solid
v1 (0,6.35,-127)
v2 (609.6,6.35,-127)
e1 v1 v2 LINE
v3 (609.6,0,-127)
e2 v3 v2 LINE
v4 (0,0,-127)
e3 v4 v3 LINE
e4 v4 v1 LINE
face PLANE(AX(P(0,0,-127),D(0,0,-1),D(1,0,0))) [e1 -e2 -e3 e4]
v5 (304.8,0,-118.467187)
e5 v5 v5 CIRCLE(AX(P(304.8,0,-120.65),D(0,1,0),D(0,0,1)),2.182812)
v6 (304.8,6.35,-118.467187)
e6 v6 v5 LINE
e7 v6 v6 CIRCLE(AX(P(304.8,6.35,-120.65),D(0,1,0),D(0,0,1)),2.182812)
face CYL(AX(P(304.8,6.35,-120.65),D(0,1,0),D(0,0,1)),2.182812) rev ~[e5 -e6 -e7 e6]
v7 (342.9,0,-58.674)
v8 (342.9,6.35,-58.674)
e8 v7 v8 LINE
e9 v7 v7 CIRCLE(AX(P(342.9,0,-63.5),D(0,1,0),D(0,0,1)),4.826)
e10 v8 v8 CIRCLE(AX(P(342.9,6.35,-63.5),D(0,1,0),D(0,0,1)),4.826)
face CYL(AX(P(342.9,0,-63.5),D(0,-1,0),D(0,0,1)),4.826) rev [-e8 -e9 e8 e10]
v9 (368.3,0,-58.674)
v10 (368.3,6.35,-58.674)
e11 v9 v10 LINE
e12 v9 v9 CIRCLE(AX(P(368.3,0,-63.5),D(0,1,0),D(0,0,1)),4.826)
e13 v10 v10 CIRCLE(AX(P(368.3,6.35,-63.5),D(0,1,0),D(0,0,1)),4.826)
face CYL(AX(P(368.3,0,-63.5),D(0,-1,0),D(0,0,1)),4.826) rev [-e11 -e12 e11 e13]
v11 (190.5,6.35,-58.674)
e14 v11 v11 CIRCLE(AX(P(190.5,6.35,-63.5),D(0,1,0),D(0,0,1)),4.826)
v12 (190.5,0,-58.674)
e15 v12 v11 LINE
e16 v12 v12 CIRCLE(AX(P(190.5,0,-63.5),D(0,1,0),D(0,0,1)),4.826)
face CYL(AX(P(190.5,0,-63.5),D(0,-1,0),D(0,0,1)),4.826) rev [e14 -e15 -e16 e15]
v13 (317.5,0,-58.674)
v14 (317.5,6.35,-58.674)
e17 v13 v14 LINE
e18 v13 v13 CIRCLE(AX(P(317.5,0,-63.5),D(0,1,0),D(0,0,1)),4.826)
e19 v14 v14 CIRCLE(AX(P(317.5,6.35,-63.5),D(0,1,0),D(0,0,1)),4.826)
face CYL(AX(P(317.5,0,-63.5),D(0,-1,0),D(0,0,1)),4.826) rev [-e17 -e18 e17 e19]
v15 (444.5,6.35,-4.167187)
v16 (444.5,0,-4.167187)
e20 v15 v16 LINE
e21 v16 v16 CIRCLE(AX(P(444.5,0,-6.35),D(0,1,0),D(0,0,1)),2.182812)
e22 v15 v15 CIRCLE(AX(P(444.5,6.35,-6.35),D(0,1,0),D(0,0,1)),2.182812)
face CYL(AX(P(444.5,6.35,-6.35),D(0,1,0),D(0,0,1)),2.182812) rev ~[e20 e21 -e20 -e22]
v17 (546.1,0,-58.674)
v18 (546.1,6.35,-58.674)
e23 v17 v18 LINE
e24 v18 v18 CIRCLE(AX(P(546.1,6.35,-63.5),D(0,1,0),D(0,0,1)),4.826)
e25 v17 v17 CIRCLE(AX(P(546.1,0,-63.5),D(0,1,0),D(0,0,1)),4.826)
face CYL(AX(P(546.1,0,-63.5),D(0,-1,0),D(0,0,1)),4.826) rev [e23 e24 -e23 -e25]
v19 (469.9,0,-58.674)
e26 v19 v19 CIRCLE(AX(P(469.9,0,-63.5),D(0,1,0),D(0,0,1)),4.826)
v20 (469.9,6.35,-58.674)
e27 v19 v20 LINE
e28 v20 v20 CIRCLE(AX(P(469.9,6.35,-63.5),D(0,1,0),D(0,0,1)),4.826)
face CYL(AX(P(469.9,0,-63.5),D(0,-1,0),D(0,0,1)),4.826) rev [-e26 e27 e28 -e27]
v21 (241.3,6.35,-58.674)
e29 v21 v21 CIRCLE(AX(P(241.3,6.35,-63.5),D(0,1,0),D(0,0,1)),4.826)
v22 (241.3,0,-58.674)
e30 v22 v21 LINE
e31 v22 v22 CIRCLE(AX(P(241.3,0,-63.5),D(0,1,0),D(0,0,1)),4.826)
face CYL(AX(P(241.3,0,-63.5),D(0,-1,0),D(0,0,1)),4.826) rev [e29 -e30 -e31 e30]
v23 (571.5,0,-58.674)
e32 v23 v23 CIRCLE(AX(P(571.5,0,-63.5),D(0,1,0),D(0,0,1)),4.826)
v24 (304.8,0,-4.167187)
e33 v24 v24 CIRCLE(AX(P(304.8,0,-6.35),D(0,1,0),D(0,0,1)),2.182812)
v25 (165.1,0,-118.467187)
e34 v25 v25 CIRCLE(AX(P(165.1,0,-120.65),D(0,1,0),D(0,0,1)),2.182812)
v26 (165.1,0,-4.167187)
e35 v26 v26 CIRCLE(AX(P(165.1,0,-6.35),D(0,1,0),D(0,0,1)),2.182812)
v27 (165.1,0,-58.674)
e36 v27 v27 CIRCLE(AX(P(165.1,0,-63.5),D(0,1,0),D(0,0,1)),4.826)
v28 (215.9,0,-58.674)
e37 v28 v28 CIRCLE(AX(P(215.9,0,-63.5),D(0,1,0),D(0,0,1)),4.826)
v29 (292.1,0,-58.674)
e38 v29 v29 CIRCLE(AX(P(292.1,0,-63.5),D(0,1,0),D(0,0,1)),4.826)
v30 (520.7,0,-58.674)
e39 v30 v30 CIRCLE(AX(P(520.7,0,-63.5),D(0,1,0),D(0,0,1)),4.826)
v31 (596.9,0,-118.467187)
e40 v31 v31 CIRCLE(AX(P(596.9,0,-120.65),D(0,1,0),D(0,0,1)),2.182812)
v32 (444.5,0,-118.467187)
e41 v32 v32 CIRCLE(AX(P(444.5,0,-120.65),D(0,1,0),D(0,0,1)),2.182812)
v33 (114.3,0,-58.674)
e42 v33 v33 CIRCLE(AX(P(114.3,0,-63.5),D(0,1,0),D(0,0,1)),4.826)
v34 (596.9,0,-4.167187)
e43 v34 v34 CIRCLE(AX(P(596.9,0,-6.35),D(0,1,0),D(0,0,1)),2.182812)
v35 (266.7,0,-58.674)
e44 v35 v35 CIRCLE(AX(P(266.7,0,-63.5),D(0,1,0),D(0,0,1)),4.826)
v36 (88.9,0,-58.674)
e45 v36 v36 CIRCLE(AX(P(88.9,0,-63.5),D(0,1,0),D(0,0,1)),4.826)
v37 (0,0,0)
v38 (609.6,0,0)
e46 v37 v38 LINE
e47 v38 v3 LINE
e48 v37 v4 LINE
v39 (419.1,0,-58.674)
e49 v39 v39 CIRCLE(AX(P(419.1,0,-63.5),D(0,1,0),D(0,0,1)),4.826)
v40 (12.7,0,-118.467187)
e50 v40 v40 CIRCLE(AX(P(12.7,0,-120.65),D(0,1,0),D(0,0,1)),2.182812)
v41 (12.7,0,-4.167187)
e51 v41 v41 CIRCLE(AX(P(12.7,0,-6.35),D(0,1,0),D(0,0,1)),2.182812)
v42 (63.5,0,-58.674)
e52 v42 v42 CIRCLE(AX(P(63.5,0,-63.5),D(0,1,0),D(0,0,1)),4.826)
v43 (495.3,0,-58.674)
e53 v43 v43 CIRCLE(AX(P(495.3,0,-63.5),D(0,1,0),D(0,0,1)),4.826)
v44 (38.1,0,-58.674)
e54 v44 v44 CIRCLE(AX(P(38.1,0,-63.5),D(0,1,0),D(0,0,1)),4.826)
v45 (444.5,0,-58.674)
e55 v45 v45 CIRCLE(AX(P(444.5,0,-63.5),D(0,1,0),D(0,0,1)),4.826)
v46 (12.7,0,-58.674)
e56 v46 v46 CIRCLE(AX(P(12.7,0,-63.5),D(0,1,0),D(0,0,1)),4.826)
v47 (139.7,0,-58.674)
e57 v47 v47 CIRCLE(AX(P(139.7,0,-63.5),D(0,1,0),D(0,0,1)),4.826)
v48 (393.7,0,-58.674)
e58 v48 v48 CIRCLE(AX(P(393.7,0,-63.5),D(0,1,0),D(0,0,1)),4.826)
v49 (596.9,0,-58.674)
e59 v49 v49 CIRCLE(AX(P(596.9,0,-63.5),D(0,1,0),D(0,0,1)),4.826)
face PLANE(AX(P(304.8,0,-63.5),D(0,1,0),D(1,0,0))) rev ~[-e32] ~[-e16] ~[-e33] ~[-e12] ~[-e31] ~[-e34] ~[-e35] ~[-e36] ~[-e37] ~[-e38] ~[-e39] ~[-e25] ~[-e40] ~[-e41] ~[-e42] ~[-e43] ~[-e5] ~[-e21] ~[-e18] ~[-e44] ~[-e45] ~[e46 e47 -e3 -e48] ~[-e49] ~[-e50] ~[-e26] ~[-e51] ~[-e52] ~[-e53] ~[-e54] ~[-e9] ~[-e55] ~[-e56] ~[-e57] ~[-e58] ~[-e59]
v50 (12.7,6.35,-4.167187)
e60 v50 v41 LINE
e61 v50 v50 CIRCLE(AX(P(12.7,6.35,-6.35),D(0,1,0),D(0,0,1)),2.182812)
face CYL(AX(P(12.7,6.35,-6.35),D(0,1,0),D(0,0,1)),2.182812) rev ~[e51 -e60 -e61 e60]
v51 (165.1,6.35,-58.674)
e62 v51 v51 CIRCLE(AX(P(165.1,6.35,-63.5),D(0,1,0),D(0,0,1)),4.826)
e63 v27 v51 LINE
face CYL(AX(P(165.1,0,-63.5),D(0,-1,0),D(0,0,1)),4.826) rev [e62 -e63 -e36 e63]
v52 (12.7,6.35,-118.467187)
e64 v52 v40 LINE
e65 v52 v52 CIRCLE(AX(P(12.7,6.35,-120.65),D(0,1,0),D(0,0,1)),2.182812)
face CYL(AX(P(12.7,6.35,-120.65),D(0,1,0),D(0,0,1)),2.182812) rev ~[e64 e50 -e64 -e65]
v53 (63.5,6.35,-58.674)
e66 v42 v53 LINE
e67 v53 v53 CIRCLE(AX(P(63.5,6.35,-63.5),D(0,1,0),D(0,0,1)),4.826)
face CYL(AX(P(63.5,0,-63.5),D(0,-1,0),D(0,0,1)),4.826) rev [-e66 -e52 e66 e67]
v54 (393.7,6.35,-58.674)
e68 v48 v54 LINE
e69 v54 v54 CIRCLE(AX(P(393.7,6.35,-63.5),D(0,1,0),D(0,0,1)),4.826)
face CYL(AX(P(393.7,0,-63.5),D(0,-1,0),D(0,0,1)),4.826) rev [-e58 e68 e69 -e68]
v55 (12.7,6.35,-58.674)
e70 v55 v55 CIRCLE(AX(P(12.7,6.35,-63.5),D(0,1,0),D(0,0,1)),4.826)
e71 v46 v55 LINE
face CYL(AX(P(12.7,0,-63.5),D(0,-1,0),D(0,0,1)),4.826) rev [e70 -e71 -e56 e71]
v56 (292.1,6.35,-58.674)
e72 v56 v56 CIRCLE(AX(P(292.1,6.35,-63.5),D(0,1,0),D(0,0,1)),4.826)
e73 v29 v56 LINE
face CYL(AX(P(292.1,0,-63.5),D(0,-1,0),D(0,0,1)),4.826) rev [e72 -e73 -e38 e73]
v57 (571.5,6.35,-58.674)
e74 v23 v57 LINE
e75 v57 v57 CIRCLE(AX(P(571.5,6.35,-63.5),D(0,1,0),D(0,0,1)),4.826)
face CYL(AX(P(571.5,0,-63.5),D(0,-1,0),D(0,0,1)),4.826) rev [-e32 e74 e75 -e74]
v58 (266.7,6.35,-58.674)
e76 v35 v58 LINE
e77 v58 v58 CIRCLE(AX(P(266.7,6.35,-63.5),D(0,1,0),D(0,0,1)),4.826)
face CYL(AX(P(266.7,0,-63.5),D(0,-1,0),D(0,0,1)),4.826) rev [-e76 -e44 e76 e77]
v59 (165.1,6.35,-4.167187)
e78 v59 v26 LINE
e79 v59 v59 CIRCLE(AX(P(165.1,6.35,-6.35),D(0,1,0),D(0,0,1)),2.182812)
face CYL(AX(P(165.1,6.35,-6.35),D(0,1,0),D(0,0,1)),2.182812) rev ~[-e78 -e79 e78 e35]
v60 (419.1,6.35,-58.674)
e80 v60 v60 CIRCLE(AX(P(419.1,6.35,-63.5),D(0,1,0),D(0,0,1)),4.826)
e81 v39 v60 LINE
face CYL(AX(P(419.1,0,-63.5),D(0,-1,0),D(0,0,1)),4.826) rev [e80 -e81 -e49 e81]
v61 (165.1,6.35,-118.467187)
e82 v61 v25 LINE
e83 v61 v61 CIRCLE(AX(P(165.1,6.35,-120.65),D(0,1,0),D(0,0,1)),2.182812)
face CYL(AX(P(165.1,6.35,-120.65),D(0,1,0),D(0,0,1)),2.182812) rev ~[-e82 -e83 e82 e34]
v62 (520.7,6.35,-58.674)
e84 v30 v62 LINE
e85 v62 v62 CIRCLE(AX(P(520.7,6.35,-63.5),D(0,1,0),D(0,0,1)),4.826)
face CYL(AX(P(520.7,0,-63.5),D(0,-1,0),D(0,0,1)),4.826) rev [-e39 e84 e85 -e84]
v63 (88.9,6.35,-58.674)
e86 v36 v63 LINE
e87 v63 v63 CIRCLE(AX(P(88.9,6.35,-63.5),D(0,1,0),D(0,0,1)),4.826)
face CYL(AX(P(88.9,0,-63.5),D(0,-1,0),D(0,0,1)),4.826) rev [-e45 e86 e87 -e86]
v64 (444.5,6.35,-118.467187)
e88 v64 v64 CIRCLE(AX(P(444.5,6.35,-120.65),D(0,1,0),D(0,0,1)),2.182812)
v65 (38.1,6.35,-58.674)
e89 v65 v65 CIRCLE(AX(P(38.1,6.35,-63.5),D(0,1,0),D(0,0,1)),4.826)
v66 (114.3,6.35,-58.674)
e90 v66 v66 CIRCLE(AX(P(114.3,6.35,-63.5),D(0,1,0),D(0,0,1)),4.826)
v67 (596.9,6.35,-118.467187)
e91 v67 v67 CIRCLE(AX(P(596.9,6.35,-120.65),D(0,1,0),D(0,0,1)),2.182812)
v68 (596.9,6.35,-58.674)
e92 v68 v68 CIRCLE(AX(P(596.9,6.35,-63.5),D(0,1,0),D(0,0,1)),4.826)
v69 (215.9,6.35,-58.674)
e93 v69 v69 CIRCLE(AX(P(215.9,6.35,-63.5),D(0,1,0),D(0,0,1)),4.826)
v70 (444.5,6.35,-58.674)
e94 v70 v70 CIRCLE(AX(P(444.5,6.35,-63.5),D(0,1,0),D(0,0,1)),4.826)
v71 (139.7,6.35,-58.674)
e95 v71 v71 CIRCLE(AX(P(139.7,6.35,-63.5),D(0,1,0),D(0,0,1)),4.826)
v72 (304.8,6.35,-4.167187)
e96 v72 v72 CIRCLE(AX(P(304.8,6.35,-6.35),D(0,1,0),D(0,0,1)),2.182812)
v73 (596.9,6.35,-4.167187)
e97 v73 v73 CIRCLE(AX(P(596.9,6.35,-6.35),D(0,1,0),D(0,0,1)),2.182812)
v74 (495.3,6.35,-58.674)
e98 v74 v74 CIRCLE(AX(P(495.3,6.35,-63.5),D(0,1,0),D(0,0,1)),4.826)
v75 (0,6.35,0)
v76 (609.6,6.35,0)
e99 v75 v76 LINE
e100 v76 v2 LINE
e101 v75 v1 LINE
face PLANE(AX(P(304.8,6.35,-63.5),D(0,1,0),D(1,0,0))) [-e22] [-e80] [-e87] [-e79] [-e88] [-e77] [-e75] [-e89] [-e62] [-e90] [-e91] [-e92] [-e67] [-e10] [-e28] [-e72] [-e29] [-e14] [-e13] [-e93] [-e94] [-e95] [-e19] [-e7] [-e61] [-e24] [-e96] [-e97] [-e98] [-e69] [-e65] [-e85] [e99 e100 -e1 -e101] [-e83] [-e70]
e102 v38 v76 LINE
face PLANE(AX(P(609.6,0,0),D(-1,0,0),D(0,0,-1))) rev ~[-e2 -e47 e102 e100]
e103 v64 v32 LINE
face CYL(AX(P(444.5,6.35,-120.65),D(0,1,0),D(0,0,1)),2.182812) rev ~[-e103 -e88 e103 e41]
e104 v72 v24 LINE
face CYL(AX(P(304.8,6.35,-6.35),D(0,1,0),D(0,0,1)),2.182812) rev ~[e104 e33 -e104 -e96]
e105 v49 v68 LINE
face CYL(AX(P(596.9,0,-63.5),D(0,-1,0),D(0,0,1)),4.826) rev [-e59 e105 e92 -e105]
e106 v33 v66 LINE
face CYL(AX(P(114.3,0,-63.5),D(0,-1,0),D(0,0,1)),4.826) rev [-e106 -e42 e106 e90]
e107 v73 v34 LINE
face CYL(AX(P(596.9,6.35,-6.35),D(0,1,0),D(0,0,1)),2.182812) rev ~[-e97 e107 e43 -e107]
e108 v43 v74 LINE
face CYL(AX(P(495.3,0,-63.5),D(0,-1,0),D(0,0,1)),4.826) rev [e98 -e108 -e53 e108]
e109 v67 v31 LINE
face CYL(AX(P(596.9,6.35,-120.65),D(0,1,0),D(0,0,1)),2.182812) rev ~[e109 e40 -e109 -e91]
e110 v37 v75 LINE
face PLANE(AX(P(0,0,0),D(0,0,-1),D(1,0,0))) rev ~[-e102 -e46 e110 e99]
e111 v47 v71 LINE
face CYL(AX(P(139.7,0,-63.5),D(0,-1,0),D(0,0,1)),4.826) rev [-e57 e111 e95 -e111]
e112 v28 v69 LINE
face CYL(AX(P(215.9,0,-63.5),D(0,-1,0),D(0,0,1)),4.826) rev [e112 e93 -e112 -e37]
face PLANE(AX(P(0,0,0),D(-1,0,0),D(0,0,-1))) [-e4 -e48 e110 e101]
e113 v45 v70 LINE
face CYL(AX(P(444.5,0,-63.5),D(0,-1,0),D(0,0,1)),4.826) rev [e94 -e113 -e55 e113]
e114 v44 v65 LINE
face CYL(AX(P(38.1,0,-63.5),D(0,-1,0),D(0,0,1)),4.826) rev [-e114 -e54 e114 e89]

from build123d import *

# Parameters (mm, degrees)
SKETCH2_W           = 609.6
SKETCH2_H           = 127
SKETCH2_R           = 4.826
BOSS_EXTRUDE1_DEPTH = 6.35
SKETCH3_R           = 2.1828125
CUT_EXTRUDE1_DEPTH  = 6.35


with BuildPart() as part:
    # Sketch2 → Boss-Extrude1 (new body)
    with BuildSketch(Plane(origin=(0, 0, 0), x_dir=(1, 0, 0), z_dir=(0, 1, 0))):
        with Locations((304.8, 63.5)):
            Rectangle(SKETCH2_W, SKETCH2_H)
        with Locations(Location((12.7, 63.5, 0), (0, 0, 270))):
            Circle(SKETCH2_R, mode=Mode.SUBTRACT)
        with Locations(Location((38.1, 63.5, 0), (0, 0, 270))):
            Circle(SKETCH2_R, mode=Mode.SUBTRACT)
        with Locations(Location((63.5, 63.5, 0), (0, 0, 270))):
            Circle(SKETCH2_R, mode=Mode.SUBTRACT)
        with Locations(Location((88.9, 63.5, 0), (0, 0, 270))):
            Circle(SKETCH2_R, mode=Mode.SUBTRACT)
        with Locations(Location((114.3, 63.5, 0), (0, 0, 270))):
            Circle(SKETCH2_R, mode=Mode.SUBTRACT)
        with Locations(Location((139.7, 63.5, 0), (0, 0, 270))):
            Circle(SKETCH2_R, mode=Mode.SUBTRACT)
        with Locations(Location((165.1, 63.5, 0), (0, 0, 270))):
            Circle(SKETCH2_R, mode=Mode.SUBTRACT)
        with Locations(Location((190.5, 63.5, 0), (0, 0, 270))):
            Circle(SKETCH2_R, mode=Mode.SUBTRACT)
        with Locations(Location((215.9, 63.5, 0), (0, 0, 270))):
            Circle(SKETCH2_R, mode=Mode.SUBTRACT)
        with Locations(Location((241.3, 63.5, 0), (0, 0, 270))):
            Circle(SKETCH2_R, mode=Mode.SUBTRACT)
        with Locations(Location((266.7, 63.5, 0), (0, 0, 270))):
            Circle(SKETCH2_R, mode=Mode.SUBTRACT)
        with Locations(Location((292.1, 63.5, 0), (0, 0, 270))):
            Circle(SKETCH2_R, mode=Mode.SUBTRACT)
        with Locations(Location((317.5, 63.5, 0), (0, 0, 270))):
            Circle(SKETCH2_R, mode=Mode.SUBTRACT)
        with Locations(Location((342.9, 63.5, 0), (0, 0, 270))):
            Circle(SKETCH2_R, mode=Mode.SUBTRACT)
        with Locations(Location((368.3, 63.5, 0), (0, 0, 270))):
            Circle(SKETCH2_R, mode=Mode.SUBTRACT)
        with Locations(Location((393.7, 63.5, 0), (0, 0, 270))):
            Circle(SKETCH2_R, mode=Mode.SUBTRACT)
        with Locations(Location((419.1, 63.5, 0), (0, 0, 270))):
            Circle(SKETCH2_R, mode=Mode.SUBTRACT)
        with Locations(Location((444.5, 63.5, 0), (0, 0, 270))):
            Circle(SKETCH2_R, mode=Mode.SUBTRACT)
        with Locations(Location((469.9, 63.5, 0), (0, 0, 270))):
            Circle(SKETCH2_R, mode=Mode.SUBTRACT)
        with Locations(Location((495.3, 63.5, 0), (0, 0, 270))):
            Circle(SKETCH2_R, mode=Mode.SUBTRACT)
        with Locations(Location((520.7, 63.5, 0), (0, 0, 270))):
            Circle(SKETCH2_R, mode=Mode.SUBTRACT)
        with Locations(Location((546.1, 63.5, 0), (0, 0, 270))):
            Circle(SKETCH2_R, mode=Mode.SUBTRACT)
        with Locations(Location((571.5, 63.5, 0), (0, 0, 270))):
            Circle(SKETCH2_R, mode=Mode.SUBTRACT)
        with Locations(Location((596.9, 63.5, 0), (0, 0, 270))):
            Circle(SKETCH2_R, mode=Mode.SUBTRACT)
    extrude(amount=BOSS_EXTRUDE1_DEPTH)

    # Sketch3 → Cut-Extrude1 (cut)
    with BuildSketch(Plane(origin=(0, 6.35, 0), x_dir=(1, 0, 0), z_dir=(0, 1, 0))):
        with Locations(Location((12.7, 120.65, 0), (0, 0, 270))):
            Circle(SKETCH3_R)
        with Locations(Location((165.1, 120.65, 0), (0, 0, 270))):
            Circle(SKETCH3_R)
        with Locations(Location((304.8, 120.65, 0), (0, 0, 270))):
            Circle(SKETCH3_R)
        with Locations(Location((444.5, 120.65, 0), (0, 0, 270))):
            Circle(SKETCH3_R)
        with Locations(Location((596.9, 120.65, 0), (0, 0, 270))):
            Circle(SKETCH3_R)
        with Locations(Location((596.9, 6.35, 0), (0, 0, 270))):
            Circle(SKETCH3_R)
        with Locations(Location((444.5, 6.35, 0), (0, 0, 270))):
            Circle(SKETCH3_R)
        with Locations(Location((304.8, 6.35, 0), (0, 0, 270))):
            Circle(SKETCH3_R)
        with Locations(Location((165.1, 6.35, 0), (0, 0, 270))):
            Circle(SKETCH3_R)
        with Locations(Location((12.7, 6.35, 0), (0, 0, 270))):
            Circle(SKETCH3_R)
    extrude(amount=-CUT_EXTRUDE1_DEPTH, mode=Mode.SUBTRACT)


solid = part.part
